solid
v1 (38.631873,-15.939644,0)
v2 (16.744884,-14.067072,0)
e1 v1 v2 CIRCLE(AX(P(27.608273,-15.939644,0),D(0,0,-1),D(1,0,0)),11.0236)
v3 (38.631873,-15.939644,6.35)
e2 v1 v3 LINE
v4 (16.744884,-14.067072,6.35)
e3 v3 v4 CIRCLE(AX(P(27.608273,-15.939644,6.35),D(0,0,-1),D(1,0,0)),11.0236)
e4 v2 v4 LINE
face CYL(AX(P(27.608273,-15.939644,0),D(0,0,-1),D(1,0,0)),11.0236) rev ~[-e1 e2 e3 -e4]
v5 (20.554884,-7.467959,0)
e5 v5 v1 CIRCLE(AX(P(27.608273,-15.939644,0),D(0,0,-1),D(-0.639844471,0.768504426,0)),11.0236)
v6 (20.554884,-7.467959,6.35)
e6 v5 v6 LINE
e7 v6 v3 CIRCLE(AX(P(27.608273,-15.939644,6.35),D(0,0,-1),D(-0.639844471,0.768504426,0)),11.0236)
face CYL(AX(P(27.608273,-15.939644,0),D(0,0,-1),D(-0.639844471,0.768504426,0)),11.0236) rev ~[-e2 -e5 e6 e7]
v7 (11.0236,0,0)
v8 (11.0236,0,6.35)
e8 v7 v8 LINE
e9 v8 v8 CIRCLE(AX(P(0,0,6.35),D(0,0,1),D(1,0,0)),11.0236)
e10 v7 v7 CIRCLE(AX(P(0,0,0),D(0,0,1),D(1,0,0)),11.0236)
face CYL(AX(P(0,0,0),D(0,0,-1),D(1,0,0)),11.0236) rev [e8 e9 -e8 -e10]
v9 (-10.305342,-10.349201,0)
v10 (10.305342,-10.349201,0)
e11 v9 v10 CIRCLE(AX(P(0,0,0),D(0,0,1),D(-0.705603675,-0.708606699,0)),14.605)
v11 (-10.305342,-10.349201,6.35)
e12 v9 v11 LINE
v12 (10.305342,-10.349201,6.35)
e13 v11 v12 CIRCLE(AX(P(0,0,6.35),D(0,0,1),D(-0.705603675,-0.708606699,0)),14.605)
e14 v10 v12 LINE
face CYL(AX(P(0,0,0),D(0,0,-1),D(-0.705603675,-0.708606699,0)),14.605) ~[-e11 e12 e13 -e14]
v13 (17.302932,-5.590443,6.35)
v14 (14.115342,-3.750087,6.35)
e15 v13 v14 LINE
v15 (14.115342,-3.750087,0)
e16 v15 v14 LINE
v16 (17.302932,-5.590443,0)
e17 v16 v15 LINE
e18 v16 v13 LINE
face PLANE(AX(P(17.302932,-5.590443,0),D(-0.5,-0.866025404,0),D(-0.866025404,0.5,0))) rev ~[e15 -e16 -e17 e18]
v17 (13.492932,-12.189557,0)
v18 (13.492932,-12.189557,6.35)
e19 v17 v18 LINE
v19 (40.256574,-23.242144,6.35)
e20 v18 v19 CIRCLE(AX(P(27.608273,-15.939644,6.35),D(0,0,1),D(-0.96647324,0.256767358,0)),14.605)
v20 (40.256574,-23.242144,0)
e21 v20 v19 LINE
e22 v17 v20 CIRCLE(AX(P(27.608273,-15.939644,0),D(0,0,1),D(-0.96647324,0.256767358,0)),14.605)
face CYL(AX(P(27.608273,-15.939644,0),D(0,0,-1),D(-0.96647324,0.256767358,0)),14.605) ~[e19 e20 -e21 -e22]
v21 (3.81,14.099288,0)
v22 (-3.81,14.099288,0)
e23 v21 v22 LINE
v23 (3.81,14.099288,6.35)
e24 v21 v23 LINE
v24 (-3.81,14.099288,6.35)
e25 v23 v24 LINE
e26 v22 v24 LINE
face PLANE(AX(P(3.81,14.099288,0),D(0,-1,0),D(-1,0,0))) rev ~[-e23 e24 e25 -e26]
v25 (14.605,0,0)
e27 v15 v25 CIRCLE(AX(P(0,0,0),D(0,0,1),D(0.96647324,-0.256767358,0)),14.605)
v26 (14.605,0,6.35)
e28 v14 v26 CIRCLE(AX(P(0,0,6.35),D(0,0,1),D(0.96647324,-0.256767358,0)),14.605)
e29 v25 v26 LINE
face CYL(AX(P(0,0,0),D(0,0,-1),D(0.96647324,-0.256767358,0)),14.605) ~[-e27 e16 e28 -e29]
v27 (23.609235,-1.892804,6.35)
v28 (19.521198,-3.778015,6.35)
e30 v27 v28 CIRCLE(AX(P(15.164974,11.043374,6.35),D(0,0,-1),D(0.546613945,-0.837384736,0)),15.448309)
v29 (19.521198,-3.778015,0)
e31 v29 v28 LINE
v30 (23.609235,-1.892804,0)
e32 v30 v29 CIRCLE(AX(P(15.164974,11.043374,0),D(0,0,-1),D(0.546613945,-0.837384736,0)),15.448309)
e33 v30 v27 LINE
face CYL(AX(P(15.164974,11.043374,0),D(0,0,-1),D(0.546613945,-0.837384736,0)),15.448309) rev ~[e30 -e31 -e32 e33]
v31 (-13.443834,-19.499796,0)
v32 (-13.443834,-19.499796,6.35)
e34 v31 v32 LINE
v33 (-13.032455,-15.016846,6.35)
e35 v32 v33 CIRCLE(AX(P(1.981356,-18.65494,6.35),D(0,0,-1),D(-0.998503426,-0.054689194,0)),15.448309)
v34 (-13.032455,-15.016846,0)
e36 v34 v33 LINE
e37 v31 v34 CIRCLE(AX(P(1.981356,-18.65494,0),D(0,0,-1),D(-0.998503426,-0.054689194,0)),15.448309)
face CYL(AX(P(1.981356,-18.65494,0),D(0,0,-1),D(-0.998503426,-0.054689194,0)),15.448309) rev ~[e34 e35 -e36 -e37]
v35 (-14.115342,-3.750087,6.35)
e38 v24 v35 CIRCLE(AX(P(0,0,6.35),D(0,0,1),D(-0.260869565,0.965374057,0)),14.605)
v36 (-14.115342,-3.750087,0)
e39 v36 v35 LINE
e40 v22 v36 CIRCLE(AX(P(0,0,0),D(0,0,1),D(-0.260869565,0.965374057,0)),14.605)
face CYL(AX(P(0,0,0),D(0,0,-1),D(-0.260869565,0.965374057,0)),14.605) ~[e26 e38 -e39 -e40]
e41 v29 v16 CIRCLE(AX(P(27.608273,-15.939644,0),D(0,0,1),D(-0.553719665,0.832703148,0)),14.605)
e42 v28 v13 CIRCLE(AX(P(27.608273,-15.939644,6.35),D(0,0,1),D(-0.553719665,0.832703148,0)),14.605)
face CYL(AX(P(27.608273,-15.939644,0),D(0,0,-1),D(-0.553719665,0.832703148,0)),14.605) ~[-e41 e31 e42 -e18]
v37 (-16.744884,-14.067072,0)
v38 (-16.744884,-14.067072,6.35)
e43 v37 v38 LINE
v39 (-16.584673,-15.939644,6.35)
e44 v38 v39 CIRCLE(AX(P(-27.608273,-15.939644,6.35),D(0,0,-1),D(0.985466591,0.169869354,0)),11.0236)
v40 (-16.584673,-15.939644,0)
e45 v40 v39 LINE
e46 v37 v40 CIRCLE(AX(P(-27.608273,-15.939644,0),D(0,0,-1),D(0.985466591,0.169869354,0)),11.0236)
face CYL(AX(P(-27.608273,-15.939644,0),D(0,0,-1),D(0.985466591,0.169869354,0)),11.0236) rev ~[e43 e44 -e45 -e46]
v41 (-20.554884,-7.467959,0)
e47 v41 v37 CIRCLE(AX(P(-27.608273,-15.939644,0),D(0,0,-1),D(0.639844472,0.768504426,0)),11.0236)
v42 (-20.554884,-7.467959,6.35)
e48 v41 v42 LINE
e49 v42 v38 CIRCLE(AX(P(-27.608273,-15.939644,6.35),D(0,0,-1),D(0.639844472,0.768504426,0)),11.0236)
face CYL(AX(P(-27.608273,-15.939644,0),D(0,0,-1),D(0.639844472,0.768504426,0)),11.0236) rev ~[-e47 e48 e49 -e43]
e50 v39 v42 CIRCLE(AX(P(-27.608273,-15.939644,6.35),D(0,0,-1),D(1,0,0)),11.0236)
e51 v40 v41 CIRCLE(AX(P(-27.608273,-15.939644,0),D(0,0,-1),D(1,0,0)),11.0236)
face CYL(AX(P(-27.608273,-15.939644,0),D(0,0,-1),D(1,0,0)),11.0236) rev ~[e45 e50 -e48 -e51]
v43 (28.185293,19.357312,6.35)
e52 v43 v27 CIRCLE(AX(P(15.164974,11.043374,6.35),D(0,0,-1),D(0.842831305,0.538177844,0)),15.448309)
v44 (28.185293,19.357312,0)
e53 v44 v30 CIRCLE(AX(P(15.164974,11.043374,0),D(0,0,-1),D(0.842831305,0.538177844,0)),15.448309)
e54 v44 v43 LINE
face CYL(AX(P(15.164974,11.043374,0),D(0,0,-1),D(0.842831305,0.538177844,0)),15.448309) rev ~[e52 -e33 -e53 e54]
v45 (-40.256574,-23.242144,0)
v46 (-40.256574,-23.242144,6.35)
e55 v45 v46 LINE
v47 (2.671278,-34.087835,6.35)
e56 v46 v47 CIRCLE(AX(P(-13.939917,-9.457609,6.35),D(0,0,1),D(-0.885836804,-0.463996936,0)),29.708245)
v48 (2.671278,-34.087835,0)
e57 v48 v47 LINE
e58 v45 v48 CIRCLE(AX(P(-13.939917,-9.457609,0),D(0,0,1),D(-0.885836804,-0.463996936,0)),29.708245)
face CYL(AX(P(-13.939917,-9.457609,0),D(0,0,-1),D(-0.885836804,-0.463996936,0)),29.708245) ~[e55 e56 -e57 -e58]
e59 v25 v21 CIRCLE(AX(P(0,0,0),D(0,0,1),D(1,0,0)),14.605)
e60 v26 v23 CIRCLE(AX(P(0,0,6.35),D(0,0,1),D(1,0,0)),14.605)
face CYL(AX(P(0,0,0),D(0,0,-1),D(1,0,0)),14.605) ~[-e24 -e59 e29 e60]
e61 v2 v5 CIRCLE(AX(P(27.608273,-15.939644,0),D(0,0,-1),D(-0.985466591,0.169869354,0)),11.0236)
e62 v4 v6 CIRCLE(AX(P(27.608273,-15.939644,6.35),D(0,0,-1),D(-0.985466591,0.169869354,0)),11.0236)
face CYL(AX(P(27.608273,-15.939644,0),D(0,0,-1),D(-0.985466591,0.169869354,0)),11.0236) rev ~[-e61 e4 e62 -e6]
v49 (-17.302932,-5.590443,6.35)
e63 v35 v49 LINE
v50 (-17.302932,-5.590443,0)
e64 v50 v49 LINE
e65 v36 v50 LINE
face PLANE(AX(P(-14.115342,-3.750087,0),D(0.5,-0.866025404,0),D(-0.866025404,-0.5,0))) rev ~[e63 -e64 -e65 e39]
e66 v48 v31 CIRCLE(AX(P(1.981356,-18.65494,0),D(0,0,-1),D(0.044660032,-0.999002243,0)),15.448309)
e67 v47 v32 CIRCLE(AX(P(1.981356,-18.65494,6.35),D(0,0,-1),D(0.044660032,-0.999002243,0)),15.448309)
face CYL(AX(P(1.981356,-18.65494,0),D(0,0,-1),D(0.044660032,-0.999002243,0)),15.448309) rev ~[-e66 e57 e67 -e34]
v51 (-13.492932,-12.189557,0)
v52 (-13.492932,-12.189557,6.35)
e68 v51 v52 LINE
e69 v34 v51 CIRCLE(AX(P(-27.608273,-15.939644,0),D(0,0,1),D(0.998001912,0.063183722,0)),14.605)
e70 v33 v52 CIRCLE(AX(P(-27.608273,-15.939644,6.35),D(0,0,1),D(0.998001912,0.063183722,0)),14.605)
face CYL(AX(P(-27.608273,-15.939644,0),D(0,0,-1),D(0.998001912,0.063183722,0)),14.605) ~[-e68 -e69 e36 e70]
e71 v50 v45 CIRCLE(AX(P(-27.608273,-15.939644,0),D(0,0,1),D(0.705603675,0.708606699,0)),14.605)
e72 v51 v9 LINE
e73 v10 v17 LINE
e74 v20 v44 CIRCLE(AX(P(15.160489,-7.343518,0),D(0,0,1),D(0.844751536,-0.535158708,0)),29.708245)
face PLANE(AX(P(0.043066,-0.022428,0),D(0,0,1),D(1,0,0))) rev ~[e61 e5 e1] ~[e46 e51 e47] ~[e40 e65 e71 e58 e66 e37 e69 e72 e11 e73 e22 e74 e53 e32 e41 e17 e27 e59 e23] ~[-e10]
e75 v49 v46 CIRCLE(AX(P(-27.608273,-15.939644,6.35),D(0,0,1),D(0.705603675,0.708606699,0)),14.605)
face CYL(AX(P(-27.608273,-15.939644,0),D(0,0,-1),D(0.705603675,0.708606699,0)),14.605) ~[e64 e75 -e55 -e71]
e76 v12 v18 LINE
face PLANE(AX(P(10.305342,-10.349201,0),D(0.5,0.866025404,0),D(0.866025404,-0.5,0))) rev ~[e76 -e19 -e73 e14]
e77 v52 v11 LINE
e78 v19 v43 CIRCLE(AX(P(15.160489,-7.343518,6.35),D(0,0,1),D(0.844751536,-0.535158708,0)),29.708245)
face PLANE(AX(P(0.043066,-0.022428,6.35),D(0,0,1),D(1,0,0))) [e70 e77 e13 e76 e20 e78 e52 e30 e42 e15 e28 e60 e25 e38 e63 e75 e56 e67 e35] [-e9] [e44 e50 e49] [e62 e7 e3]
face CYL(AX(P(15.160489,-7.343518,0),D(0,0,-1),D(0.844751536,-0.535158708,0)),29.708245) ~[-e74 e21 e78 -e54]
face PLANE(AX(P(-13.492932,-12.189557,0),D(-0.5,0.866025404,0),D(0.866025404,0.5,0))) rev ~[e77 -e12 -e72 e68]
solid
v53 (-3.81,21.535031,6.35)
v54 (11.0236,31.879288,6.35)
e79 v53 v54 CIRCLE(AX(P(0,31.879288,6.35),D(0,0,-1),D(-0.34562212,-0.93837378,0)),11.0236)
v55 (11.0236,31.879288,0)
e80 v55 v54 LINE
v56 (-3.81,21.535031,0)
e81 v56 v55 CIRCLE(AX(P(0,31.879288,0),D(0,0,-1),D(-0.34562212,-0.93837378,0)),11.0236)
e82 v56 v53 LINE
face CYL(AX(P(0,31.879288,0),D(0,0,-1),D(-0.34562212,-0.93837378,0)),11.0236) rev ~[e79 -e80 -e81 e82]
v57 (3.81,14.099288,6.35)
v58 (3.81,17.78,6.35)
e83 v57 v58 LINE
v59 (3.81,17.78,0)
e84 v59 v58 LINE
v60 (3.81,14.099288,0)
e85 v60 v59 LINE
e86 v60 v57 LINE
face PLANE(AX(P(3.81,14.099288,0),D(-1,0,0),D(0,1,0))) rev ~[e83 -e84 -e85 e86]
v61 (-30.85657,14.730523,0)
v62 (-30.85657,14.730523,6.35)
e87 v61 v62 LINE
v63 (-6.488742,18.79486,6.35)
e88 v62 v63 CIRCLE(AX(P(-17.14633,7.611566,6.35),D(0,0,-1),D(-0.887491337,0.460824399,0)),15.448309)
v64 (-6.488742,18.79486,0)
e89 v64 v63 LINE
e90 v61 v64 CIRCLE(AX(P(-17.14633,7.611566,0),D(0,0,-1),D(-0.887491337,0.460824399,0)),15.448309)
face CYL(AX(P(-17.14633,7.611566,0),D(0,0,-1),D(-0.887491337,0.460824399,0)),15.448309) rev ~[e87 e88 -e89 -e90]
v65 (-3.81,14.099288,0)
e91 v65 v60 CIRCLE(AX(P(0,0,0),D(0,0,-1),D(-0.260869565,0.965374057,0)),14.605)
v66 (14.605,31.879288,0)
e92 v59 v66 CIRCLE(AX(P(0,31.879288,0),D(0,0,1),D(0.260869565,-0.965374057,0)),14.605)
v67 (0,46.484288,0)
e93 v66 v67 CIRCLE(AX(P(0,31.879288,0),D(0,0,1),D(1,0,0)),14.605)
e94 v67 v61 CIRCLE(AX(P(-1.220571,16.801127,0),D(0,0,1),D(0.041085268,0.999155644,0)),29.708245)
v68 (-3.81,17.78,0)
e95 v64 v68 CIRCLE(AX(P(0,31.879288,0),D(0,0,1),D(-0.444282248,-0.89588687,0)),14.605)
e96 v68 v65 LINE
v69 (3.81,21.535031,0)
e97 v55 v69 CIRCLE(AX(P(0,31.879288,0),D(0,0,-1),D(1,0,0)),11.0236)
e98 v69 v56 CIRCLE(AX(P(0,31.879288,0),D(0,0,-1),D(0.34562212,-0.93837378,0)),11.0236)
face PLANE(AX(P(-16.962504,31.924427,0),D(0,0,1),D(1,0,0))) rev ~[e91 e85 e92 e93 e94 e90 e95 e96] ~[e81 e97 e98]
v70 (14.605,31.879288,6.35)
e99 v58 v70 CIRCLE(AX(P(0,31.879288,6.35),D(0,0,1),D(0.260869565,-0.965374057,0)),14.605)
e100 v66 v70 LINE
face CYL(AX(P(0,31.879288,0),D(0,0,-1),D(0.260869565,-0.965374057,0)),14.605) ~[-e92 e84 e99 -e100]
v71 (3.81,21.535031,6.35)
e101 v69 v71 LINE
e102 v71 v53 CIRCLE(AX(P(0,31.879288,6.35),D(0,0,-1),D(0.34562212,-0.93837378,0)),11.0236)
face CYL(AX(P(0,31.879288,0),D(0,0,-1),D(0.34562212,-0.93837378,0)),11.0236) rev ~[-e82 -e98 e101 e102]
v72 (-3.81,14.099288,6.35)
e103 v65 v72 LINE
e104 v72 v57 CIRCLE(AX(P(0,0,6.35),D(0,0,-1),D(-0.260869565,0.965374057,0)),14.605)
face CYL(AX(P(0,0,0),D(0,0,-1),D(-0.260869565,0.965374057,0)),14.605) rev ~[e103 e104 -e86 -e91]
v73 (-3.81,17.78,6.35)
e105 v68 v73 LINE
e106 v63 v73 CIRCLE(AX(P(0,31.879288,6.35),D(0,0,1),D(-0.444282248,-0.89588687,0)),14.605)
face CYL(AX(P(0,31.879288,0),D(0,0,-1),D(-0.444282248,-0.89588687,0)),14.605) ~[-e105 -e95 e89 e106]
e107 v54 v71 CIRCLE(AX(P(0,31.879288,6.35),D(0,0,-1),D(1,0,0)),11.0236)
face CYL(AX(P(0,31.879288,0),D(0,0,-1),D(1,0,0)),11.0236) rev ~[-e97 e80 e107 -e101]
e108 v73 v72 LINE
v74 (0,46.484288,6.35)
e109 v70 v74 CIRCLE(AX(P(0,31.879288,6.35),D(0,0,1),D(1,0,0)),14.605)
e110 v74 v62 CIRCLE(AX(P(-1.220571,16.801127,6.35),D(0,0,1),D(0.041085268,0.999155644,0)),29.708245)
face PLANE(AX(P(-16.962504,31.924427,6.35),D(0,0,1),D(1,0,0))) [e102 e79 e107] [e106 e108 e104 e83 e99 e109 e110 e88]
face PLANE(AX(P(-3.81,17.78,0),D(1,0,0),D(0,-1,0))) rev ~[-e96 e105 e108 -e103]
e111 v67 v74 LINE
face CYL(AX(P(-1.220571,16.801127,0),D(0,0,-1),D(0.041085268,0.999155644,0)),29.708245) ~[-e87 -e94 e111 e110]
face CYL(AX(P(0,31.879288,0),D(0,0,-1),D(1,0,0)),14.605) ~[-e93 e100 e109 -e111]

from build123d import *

# Parameters (mm, degrees)
F1_DEPTH = 6.35
F0_R     = 11.0236


with BuildPart() as f1:
    # F0 (on Top) → F1 (new body)
    with BuildSketch(Plane.XY):
        with BuildLine():
            ThreePointArc((-10.1654013572, 21.3925993856), (-13.5363236093, 37.3632618575), (0, 46.4842881026))
            ThreePointArc((0, 46.4842881026), (-22.5263105483, 37.5048782551), (-30.8565702289, 14.7305233404))
            ThreePointArc((-30.8565702289, 14.7305233404), (-21.8809601027, 22.3164467168), (-10.1654013572, 21.3925993856))
        make_face()
        with BuildLine():
            Line((3.81, 21.5350309055), (3.81, 17.78))
            ThreePointArc((3.81, 17.78), (11.5963588035, 23.0006346292), (14.605, 31.8792881026))
            ThreePointArc((14.605, 31.8792881026), (10.3272945392, 42.2065826418), (0, 46.4842881026))
            ThreePointArc((0, 46.4842881026), (-13.5363236093, 37.3632618575), (-10.1654013572, 21.3925993856))
            ThreePointArc((-10.1654013572, 21.3925993856), (-8.2319384108, 20.2283750435), (-6.488742226, 18.794860361))
            ThreePointArc((-6.488742226, 18.794860361), (-5.1743123454, 18.2215973478), (-3.81, 17.78))
            Line((-3.81, 17.78), (-3.81, 21.5350309055))
            ThreePointArc((-3.81, 21.5350309055), (-6.3055468026, 40.9214027048), (11.0236, 31.8792881026))
            ThreePointArc((11.0236, 31.8792881026), (9.0421146022, 25.5737413), (3.81, 21.5350309055))
        make_face()
        with BuildLine():
            ThreePointArc((-3.81, 17.78), (0, 17.2742881026), (3.81, 17.78))
            Line((3.81, 17.78), (3.81, 21.5350309055))
            ThreePointArc((3.81, 21.5350309055), (0, 20.8556881026), (-3.81, 21.5350309055))
            Line((-3.81, 21.5350309055), (-3.81, 17.78))
        make_face()
        with BuildLine():
            ThreePointArc((-3.81, 14.0992881026), (0, 14.605), (3.81, 14.0992881026))
            Line((3.81, 14.0992881026), (3.81, 17.78))
            ThreePointArc((3.81, 17.78), (0, 17.2742881026), (-3.81, 17.78))
            Line((-3.81, 17.78), (-3.81, 14.0992881026))
        make_face()
    extrude(amount=F1_DEPTH)


with BuildPart() as f1b:
    # F0 (on Top) → F1, piece 2 (new body)
    with BuildSketch(Plane.XY):
        with BuildLine():
            ThreePointArc((14.1153416721, -3.7500872629), (14.4820680519, -1.8909600576), (14.605, 0))
            ThreePointArc((14.605, 0), (11.5963588035, 8.8786534734), (3.81, 14.0992881026))
            Line((3.81, 14.0992881026), (-3.81, 14.0992881026))
            ThreePointArc((-3.81, 14.0992881026), (-12.6483010223, 7.3025), (-14.1153416721, -3.7500872629))
            ThreePointArc((-14.1153416721, -3.7500872629), (-12.6483010223, -7.3025), (-10.3053416721, -10.3492008397))
            ThreePointArc((-10.3053416721, -10.3492008397), (0, -14.605), (10.3053416721, -10.3492008397))
            ThreePointArc((10.3053416721, -10.3492008397), (12.6483010223, -7.3025), (14.1153416721, -3.7500872629))
        make_face()
        Circle(F0_R, mode=Mode.SUBTRACT)
        with BuildLine():
            Line((-20.5548838354, -7.4679586643), (-17.3029316793, -5.5904432116))
            ThreePointArc((-17.3029316793, -5.5904432116), (-36.5115311969, -4.3621648465), (-40.2565743737, -23.2421440513))
            ThreePointArc((-40.2565743737, -23.2421440513), (-25.5893721322, -30.4044310482), (-13.4438338423, -19.4997955078))
            ThreePointArc((-13.4438338423, -19.4997955078), (-13.4023174596, -17.2432553079), (-13.0324554202, -15.0168457868))
            ThreePointArc((-13.0324554202, -15.0168457868), (-13.1932100281, -13.5918846121), (-13.4929316793, -12.1895567884))
            Line((-13.4929316793, -12.1895567884), (-16.7448838354, -14.0670722412))
            ThreePointArc((-16.7448838354, -14.0670722412), (-16.6247990006, -14.9999376366), (-16.5846733514, -15.9396440513))
            ThreePointArc((-16.5846733514, -15.9396440513), (-37.5900943683, -20.6175715995), (-20.5548838354, -7.4679586643))
        make_face()
        with BuildLine():
            ThreePointArc((-13.4929316793, -12.1895567884), (-14.9599723291, -8.6371440513), (-17.3029316793, -5.5904432116))
            Line((-17.3029316793, -5.5904432116), (-20.5548838354, -7.4679586643))
            ThreePointArc((-20.5548838354, -7.4679586643), (-18.0615557103, -10.4278440513), (-16.7448838354, -14.0670722412))
            Line((-16.7448838354, -14.0670722412), (-13.4929316793, -12.1895567884))
        make_face()
        with BuildLine():
            ThreePointArc((-10.3053416721, -10.3492008397), (-12.6483010223, -7.3025), (-14.1153416721, -3.7500872629))
            Line((-14.1153416721, -3.7500872629), (-17.3029316793, -5.5904432116))
            ThreePointArc((-17.3029316793, -5.5904432116), (-14.9599723291, -8.6371440513), (-13.4929316793, -12.1895567884))
            Line((-13.4929316793, -12.1895567884), (-10.3053416721, -10.3492008397))
        make_face()
        with BuildLine():
            ThreePointArc((-13.4438338423, -19.4997955078), (-25.5893721322, -30.4044310482), (-40.2565743737, -23.2421440513))
            ThreePointArc((-40.2565743737, -23.2421440513), (-21.2170220606, -38.2607963159), (2.6712776906, -34.0878353621))
            ThreePointArc((2.6712776906, -34.0878353621), (-8.3861297276, -30.1076906665), (-13.4438338423, -19.4997955078))
        make_face()
        with BuildLine():
            Line((17.3029316793, -5.5904432116), (14.1153416721, -3.7500872629))
            ThreePointArc((14.1153416721, -3.7500872629), (12.6483010223, -7.3025), (10.3053416721, -10.3492008397))
            Line((10.3053416721, -10.3492008397), (13.4929316793, -12.1895567884))
            ThreePointArc((13.4929316793, -12.1895567884), (14.9599723291, -8.6371440513), (17.3029316793, -5.5904432116))
        make_face()
        with BuildLine():
            ThreePointArc((19.5211976462, -3.7780145742), (18.3675223734, -4.6297127357), (17.3029316793, -5.5904432116))
            Line((17.3029316793, -5.5904432116), (20.5548838354, -7.4679586643))
            ThreePointArc((20.5548838354, -7.4679586643), (32.2862008996, -5.9578230344), (38.6318733514, -15.9396440513))
            ThreePointArc((38.6318733514, -15.9396440513), (26.6685669367, -26.9231184021), (16.7448838354, -14.0670722412))
            Line((16.7448838354, -14.0670722412), (13.4929316793, -12.1895567884))
            ThreePointArc((13.4929316793, -12.1895567884), (22.033511171, -29.4388311243), (40.2565743737, -23.2421440513))
            ThreePointArc((40.2565743737, -23.2421440513), (41.7156200444, -19.719696205), (42.2132733514, -15.9396440513))
            ThreePointArc((42.2132733514, -15.9396440513), (36.4088435827, -4.2839163347), (23.6092351995, -1.8928038778))
            ThreePointArc((23.6092351995, -1.8928038778), (21.6342558704, -2.9851197356), (19.5211976462, -3.7780145742))
        make_face()
        with BuildLine():
            Line((20.5548838354, -7.4679586643), (17.3029316793, -5.5904432116))
            ThreePointArc((17.3029316793, -5.5904432116), (14.9599723291, -8.6371440513), (13.4929316793, -12.1895567884))
            Line((13.4929316793, -12.1895567884), (16.7448838354, -14.0670722412))
            ThreePointArc((16.7448838354, -14.0670722412), (18.0615557103, -10.4278440513), (20.5548838354, -7.4679586643))
        make_face()
        with BuildLine():
            ThreePointArc((42.2132733514, -15.9396440513), (41.7156200444, -19.719696205), (40.2565743737, -23.2421440513))
            ThreePointArc((40.2565743737, -23.2421440513), (43.7433326089, 0.7559180608), (28.1852925383, 19.3573120217))
            ThreePointArc((28.1852925383, 19.3573120217), (30.2670898303, 7.7912439497), (23.6092351995, -1.8928038778))
            ThreePointArc((23.6092351995, -1.8928038778), (36.4088435827, -4.2839163347), (42.2132733514, -15.9396440513))
        make_face()
    extrude(amount=F1_DEPTH)


solid = Compound([f1.part, f1b.part])
